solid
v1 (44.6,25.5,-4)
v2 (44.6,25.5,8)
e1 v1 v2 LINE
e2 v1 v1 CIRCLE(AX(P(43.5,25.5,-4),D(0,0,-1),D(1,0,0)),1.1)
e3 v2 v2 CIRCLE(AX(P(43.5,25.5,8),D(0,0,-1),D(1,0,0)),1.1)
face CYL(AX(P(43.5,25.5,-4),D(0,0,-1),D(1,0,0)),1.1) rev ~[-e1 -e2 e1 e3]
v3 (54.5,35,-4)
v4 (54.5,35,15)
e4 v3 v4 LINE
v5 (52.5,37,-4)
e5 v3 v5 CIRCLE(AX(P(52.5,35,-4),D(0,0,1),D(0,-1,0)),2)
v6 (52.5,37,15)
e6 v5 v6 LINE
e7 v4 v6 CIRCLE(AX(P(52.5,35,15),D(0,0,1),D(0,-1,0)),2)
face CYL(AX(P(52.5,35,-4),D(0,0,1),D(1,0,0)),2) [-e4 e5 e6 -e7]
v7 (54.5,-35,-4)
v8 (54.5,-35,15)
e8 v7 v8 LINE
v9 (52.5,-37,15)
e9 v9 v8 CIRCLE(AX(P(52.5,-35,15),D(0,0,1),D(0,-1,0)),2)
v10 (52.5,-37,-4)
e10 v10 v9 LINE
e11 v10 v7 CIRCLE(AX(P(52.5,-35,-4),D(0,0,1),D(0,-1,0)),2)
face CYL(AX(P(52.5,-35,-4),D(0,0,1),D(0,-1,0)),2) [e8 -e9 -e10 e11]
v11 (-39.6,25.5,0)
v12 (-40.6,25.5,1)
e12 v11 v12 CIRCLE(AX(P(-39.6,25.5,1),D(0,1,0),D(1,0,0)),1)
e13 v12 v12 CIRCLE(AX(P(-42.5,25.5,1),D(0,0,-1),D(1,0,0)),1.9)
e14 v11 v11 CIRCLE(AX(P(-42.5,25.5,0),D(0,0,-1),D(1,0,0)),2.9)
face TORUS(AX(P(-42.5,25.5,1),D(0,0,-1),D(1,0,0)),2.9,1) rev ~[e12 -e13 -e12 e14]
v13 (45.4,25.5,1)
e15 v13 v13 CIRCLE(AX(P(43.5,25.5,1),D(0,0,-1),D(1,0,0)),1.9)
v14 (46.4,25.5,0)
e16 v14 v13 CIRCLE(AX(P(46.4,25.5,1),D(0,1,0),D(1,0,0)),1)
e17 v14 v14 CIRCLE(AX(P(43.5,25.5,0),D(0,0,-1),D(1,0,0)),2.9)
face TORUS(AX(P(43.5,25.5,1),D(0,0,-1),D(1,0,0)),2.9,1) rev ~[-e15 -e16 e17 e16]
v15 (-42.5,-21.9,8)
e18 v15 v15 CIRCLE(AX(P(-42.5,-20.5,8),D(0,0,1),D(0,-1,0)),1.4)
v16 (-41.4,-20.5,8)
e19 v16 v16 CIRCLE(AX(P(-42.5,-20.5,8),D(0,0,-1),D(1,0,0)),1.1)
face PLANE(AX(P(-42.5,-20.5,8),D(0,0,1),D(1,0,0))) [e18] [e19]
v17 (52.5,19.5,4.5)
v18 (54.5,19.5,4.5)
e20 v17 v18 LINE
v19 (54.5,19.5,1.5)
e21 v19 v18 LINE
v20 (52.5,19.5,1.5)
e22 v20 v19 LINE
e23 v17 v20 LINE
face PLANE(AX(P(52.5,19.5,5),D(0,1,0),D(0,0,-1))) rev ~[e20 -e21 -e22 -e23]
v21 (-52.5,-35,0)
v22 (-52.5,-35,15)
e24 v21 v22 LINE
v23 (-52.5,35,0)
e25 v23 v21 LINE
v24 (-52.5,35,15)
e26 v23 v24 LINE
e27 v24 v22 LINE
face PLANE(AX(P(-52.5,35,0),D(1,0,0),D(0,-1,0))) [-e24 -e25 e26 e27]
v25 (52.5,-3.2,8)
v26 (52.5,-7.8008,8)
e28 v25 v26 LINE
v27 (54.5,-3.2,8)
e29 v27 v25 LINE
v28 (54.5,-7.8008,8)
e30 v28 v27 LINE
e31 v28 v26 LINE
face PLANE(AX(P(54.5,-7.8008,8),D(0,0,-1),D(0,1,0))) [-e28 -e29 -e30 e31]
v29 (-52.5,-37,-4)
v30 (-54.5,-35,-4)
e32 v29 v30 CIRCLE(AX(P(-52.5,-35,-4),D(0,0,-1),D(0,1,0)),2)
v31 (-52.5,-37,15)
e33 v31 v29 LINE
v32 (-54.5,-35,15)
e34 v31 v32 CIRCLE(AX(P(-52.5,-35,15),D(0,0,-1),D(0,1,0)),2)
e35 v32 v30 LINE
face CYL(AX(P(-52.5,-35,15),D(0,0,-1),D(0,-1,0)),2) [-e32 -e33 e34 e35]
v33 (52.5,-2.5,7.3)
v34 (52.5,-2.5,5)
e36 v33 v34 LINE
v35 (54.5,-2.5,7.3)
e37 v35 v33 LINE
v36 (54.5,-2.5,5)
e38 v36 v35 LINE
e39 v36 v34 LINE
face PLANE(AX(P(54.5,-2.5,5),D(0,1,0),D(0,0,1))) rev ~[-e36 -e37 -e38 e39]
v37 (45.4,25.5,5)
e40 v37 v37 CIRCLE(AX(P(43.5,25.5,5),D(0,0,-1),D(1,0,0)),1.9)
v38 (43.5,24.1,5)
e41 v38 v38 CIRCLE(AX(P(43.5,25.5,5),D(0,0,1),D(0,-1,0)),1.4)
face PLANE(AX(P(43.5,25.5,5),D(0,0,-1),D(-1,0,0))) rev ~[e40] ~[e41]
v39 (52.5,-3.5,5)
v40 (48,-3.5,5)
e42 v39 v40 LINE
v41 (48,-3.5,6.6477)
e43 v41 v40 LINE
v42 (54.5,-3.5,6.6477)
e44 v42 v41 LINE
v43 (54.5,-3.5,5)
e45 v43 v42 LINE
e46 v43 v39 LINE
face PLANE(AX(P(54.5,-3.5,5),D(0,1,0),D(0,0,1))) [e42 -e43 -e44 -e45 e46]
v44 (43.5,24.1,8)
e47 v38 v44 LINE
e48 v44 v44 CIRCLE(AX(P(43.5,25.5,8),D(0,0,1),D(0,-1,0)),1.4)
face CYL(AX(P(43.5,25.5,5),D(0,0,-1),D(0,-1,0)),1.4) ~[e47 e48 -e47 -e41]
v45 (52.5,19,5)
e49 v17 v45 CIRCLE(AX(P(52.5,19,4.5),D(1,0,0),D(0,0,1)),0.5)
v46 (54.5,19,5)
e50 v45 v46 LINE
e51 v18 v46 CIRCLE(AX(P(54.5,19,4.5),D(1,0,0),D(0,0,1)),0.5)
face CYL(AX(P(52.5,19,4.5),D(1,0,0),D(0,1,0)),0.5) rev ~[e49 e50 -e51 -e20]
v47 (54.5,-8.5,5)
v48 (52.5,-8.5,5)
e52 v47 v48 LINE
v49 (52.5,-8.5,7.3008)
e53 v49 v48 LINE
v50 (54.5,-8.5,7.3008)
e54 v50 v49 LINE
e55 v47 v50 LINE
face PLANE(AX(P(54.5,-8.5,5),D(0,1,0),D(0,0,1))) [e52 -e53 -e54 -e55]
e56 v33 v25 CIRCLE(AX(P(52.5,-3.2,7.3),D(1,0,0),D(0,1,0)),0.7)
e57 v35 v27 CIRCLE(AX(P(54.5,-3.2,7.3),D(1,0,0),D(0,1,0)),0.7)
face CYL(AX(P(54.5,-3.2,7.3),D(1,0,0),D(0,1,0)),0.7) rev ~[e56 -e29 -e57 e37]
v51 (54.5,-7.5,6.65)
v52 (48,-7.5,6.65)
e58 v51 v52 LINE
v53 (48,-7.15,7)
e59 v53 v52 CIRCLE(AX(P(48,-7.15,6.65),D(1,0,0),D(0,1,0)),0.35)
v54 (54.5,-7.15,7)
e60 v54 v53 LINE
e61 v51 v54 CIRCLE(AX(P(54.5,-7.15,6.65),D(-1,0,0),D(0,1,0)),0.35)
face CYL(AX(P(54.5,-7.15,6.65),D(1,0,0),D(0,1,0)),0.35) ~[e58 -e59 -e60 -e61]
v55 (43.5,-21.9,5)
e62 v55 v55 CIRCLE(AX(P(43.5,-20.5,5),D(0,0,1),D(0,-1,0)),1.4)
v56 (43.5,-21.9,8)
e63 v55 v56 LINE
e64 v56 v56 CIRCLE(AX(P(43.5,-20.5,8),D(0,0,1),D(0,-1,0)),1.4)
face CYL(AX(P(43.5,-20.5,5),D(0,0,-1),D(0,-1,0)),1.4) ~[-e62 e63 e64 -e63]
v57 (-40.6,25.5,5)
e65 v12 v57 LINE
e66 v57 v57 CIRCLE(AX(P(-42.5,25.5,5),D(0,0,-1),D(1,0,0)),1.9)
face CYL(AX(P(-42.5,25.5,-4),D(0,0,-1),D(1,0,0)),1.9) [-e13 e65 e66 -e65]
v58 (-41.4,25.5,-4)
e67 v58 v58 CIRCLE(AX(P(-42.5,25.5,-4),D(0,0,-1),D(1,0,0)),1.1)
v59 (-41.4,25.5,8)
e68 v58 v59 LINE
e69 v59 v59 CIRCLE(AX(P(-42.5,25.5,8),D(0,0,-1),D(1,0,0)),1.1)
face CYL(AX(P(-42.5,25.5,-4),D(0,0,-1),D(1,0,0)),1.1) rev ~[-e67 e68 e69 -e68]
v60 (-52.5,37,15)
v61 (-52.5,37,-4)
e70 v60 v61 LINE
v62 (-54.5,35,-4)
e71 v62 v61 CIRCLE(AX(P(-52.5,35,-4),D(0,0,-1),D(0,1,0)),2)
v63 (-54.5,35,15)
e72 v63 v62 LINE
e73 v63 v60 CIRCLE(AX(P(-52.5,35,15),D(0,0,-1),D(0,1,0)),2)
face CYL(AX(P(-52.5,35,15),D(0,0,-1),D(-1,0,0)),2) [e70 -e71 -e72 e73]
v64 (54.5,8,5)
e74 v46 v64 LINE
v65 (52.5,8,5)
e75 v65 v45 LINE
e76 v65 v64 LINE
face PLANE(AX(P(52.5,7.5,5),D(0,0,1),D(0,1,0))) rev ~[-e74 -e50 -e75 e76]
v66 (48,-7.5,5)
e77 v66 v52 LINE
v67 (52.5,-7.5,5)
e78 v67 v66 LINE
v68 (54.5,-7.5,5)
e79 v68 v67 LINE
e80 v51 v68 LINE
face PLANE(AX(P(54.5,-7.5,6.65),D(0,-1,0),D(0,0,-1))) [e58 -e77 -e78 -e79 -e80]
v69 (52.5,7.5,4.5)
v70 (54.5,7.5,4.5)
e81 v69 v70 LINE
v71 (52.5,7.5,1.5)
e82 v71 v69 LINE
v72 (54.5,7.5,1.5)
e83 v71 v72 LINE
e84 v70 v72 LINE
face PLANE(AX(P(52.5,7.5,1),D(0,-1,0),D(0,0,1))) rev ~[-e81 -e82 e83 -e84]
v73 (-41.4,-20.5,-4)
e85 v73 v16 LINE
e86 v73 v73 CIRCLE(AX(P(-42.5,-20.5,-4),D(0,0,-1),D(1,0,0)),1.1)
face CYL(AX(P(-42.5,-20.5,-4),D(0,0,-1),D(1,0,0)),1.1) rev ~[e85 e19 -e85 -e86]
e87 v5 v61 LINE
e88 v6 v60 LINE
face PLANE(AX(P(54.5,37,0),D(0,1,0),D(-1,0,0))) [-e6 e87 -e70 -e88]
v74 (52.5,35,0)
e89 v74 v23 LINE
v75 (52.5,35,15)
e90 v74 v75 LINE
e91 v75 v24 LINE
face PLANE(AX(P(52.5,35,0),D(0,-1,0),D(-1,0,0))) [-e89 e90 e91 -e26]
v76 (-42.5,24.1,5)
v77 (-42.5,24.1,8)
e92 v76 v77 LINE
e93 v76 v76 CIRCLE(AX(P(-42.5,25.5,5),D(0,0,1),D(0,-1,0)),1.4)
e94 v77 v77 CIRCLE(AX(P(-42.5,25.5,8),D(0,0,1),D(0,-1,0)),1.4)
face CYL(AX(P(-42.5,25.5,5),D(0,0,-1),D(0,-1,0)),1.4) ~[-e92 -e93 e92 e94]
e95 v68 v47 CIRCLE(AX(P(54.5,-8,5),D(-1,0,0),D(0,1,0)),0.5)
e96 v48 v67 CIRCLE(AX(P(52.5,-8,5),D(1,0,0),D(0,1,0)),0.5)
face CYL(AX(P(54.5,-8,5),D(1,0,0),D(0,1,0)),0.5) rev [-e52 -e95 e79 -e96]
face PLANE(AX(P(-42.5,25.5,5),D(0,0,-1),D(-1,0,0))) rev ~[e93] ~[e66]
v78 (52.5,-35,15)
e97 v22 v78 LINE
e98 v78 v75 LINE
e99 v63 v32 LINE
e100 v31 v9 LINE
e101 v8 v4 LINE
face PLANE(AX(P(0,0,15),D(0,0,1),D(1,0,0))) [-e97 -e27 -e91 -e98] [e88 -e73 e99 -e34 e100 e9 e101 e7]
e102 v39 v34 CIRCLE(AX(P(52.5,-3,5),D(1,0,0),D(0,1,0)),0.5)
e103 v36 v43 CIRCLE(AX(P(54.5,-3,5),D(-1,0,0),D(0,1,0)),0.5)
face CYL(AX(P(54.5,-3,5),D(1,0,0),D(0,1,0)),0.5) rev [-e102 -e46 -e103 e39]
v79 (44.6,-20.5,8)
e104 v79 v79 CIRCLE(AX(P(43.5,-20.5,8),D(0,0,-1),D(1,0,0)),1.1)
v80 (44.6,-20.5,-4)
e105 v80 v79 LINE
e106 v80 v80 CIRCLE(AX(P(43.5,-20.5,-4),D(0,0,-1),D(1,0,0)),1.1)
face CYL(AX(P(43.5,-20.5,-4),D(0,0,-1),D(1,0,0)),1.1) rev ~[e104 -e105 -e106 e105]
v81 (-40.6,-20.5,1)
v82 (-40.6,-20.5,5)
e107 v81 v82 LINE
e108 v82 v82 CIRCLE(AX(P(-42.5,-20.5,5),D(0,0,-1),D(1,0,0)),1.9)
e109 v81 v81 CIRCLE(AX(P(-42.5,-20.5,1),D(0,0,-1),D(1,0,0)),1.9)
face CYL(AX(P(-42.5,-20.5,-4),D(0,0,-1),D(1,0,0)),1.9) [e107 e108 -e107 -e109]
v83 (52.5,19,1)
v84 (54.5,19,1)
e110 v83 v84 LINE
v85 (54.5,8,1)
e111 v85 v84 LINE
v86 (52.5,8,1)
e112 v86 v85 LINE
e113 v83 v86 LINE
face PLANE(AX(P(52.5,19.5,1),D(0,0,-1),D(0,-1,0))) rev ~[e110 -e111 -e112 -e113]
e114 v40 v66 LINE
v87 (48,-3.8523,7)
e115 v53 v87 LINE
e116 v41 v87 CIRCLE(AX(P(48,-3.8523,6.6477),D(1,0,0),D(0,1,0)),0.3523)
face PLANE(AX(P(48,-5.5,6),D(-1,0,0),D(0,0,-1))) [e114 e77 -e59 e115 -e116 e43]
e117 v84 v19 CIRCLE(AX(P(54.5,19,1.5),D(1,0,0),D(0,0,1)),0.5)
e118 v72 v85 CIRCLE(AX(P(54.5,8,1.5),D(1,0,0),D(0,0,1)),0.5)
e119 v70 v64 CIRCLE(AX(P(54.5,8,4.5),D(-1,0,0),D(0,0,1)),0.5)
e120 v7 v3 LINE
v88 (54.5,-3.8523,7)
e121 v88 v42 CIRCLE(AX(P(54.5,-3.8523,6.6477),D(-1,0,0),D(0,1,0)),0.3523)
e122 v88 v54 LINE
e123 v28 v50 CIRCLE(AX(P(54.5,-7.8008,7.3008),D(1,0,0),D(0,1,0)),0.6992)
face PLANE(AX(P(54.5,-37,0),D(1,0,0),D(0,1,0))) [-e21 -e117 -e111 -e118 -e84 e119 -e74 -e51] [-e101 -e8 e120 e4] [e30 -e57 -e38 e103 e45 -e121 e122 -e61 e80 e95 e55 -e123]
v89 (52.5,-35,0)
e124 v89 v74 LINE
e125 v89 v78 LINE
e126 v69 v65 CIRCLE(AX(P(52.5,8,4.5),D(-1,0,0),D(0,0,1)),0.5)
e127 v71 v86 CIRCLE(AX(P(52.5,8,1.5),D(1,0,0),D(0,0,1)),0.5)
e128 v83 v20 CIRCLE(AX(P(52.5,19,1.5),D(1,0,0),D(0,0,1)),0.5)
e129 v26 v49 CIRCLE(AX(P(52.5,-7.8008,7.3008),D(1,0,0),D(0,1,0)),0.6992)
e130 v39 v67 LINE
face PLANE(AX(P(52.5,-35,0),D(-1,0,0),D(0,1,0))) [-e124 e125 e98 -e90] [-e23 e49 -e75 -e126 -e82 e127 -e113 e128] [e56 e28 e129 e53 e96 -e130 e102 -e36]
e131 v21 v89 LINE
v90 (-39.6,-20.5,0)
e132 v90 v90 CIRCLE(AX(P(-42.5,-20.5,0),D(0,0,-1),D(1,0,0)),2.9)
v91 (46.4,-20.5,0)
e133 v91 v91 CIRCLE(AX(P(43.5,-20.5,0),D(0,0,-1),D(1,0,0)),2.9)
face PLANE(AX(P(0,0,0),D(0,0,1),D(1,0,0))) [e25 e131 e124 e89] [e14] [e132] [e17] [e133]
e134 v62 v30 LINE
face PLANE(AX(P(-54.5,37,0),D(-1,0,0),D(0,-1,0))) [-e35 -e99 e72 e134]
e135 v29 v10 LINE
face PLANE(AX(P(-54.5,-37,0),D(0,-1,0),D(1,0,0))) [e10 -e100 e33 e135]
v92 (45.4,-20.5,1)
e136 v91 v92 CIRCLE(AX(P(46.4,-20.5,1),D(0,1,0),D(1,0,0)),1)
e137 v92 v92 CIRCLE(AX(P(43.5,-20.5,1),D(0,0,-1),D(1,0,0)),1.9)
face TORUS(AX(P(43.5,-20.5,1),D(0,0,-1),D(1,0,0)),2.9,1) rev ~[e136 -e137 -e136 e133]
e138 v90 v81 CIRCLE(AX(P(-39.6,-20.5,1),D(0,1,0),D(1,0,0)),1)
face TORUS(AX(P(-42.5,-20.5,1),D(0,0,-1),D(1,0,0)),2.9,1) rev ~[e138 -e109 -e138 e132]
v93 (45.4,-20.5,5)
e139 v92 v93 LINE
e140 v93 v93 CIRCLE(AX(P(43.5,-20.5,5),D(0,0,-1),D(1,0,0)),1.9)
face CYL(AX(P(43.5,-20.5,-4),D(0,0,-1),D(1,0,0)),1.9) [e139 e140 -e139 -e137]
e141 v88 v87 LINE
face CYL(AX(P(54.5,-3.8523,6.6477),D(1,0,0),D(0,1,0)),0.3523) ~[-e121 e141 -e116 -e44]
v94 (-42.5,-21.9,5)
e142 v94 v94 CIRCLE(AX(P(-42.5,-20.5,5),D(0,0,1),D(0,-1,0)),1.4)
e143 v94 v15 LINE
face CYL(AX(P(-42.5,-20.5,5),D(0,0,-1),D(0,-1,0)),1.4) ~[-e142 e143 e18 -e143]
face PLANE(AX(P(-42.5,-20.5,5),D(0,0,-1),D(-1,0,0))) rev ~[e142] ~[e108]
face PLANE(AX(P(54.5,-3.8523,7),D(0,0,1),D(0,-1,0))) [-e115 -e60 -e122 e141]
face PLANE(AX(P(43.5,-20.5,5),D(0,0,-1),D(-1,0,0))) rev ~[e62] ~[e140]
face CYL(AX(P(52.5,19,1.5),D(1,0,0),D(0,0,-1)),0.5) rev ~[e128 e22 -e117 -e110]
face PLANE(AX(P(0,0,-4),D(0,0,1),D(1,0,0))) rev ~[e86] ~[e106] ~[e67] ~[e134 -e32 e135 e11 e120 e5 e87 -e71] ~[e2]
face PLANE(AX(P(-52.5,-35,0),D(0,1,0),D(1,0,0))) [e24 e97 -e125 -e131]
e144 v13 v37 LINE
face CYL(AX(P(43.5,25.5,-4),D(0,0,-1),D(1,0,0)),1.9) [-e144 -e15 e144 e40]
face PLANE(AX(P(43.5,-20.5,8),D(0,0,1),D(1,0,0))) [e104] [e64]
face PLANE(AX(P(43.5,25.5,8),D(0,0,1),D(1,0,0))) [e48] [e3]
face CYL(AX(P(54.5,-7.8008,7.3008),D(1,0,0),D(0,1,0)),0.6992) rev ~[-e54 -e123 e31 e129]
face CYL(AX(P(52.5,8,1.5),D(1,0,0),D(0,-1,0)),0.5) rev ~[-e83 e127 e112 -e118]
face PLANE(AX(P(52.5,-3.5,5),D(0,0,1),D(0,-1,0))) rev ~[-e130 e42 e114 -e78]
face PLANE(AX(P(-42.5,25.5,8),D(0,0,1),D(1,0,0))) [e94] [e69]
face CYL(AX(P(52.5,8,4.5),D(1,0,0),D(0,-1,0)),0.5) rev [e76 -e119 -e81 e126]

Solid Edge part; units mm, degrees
sketch "Sketch1" plane through (0, 0, 0) normal (0, 0, 1) x (1, 0, 0)
  line L0 (-54.5, -37) -> (54.5, -37)
  line L1 (54.5, -37) -> (54.5, 37)
  line L2 (54.5, 37) -> (-54.5, 37)
  line L3 (-54.5, 37) -> (-54.5, -37)
extrude "Protrusion1" add sketch "Sketch1" against normal blind 4
sketch "Sketch2" plane through (0, 0, 0) normal (0, 0, 1) x (1, 0, 0)
  line L0 (-54.5, 37) -> (-54.5, -37)
  line L1 (-54.5, -37) -> (54.5, -37)
  line L2 (54.5, -37) -> (54.5, 37)
  line L3 (54.5, 37) -> (-54.5, 37)
  line L4 (-52.5, 35) -> (-52.5, -35)
  line L5 (-52.5, -35) -> (52.5, -35)
  line L6 (52.5, -35) -> (52.5, 35)
  line L7 (52.5, 35) -> (-52.5, 35)
  dimension "D1" = 105
  dimension "D2" = 70
  dimension "D3" = 2
  dimension "D4" = 3.8
  dimension "D5" = 3.8
  dimension "D6" = 3.8
  dimension "D7" = 3.8
  dimension "D8" = 10
  dimension "D9" = 86
  dimension "D10" = 9.5
  dimension "D11" = 46
  dimension "D12" = 14.5
  dimension "D13" = 7.6
extrude "ExtrudedProtrusion_2" add sketch "Sketch2" along normal blind 15
sketch "Sketch3" plane through (43.5, -20.5, 5) normal (0, 0, 1) x (0, -1, 0)
  circle A0 centre (-46, -86) radius 1.4
  circle A1 centre (-46, 0) radius 1.4
  circle A2 centre (0, 0) radius 1.4
  circle A3 centre (0, -86) radius 1.4
  dimension "D1" = 2.8
  dimension "D2" = 2.8
  dimension "D3" = 2.8
  dimension "D4" = 2.8
extrude "ExtrudedProtrusion_8" add sketch "Sketch3" along normal blind 3
fillet "Round_1" radius 2 4 edges at (-54.5, -37, 5.5) (54.5, 37, 5.5) (-54.5, 37, 5.5) (54.5, -37, 5.5)
sketch "Sketch4" plane through (52.5, 0, 7.5) normal (-1, 0, 0) x (0, -1, 0)
  line L0 (-7.5, -6.5) -> (-7.5, -2.5)
  line L1 (-7.5, -2.5) -> (-19.5, -2.5)
  line L2 (-19.5, -2.5) -> (-19.5, -6.5)
  line L3 (-19.5, -6.5) -> (-7.5, -6.5)
extrude "Cutout1" cut sketch "Sketch4" against normal through all
fillet "Round1" radius 0.5 4 edges at (53.5, 7.5, 1) (53.5, 7.5, 5) (53.5, 19.5, 1) (53.5, 19.5, 5)
sketch "Sketch5" plane through (52.5, 0, 7.5) normal (-1, 0, 0) x (0, -1, 0)
  line L0 (7.5, -0.5) -> (3.5, -0.5)
  line L1 (3.5, -0.5) -> (3.5, -2.5)
  line L2 (3.5, -2.5) -> (7.5, -2.5)
  line L3 (7.5, -2.5) -> (7.5, -0.5)
extrude "ExtrudedProtrusion_9" add sketch "Sketch5" along normal blind 4.5
sketch "Sketch6" plane through (54.5, 0, 5.5) normal (1, 0, 0) x (0, 1, 0)
  arc A0 (-2.5, 1.8) -> (-3.2, 2.5) centre (-3.2, 1.8) ccw
  line L0 (-7.8008, 2.5) -> (-3.2, 2.5)
  arc A1 (-7.8008, 2.5) -> (-8.5, 1.8008) centre (-7.8008, 1.8008) ccw
  line L1 (-8.5, -0.5) -> (-8.5, 1.8008)
  line L2 (-7.5, 1.15) -> (-7.5, -0.5)
  arc A2 (-7.5, 1.15) -> (-7.15, 1.5) centre (-7.15, 1.15) cw
  line L3 (-3.8523, 1.5) -> (-7.15, 1.5)
  arc A3 (-3.8523, 1.5) -> (-3.5, 1.1477) centre (-3.8523, 1.1477) cw
  line L4 (-3.5, -0.5) -> (-3.5, 1.1477)
  line L5 (-2.5, -0.5) -> (-2.5, 1.8)
  arc A4 (-7.5, -0.5) -> (-8.5, -0.5) centre (-8, -0.5) cw
  arc A5 (-2.5, -0.5) -> (-3.5, -0.5) centre (-3, -0.5) cw
extrude "ExtrudedCutout_5" cut sketch "Sketch6" against normal blind 6.7422
sketch "Sketch7" plane through (0, 0, -4) normal (0, 0, -1) x (1, 0, 0)
  circle A0 centre (-42.5, -25.5) radius 1.9
  circle A1 centre (43.5, -25.5) radius 1.9
  circle A2 centre (43.5, 20.5) radius 1.9
  circle A3 centre (-42.5, 20.5) radius 1.9
  dimension "D1" = 2.2
  dimension "D2" = 2.2
  dimension "D3" = 2.2
  dimension "D4" = 2.2
  dimension "D5" = 3.8
  dimension "D6" = 3.8
  dimension "D7" = 3.8
  dimension "D8" = 3.8
extrude "Protrusion2" add sketch "Sketch7" against normal up to vertex (9 mm away)
sketch "Sketch8" plane through (0, 0, -4) normal (0, 0, -1) x (1, 0, 0)
  circle A0 centre (-42.5, -25.5) radius 1.1
  circle A1 centre (-42.5, 20.5) radius 1.1
  circle A2 centre (43.5, -25.5) radius 1.1
  circle A3 centre (43.5, 20.5) radius 1.1
  dimension "D1" = 2.2
  dimension "D2" = 2.2
  dimension "D3" = 2.2
  dimension "D4" = 2.2
  dimension "D5" = 3.8
  dimension "D6" = 3.8
  dimension "D7" = 3.8
  dimension "D8" = 3.8
extrude "Cutout2" cut sketch "Sketch8" against normal through all
fillet "Round_4" radius 1 4 edges at (41.6, -20.5, 0) (-44.4, -20.5, 0) (-44.4, 25.5, 0) (41.6, 25.5, 0)
